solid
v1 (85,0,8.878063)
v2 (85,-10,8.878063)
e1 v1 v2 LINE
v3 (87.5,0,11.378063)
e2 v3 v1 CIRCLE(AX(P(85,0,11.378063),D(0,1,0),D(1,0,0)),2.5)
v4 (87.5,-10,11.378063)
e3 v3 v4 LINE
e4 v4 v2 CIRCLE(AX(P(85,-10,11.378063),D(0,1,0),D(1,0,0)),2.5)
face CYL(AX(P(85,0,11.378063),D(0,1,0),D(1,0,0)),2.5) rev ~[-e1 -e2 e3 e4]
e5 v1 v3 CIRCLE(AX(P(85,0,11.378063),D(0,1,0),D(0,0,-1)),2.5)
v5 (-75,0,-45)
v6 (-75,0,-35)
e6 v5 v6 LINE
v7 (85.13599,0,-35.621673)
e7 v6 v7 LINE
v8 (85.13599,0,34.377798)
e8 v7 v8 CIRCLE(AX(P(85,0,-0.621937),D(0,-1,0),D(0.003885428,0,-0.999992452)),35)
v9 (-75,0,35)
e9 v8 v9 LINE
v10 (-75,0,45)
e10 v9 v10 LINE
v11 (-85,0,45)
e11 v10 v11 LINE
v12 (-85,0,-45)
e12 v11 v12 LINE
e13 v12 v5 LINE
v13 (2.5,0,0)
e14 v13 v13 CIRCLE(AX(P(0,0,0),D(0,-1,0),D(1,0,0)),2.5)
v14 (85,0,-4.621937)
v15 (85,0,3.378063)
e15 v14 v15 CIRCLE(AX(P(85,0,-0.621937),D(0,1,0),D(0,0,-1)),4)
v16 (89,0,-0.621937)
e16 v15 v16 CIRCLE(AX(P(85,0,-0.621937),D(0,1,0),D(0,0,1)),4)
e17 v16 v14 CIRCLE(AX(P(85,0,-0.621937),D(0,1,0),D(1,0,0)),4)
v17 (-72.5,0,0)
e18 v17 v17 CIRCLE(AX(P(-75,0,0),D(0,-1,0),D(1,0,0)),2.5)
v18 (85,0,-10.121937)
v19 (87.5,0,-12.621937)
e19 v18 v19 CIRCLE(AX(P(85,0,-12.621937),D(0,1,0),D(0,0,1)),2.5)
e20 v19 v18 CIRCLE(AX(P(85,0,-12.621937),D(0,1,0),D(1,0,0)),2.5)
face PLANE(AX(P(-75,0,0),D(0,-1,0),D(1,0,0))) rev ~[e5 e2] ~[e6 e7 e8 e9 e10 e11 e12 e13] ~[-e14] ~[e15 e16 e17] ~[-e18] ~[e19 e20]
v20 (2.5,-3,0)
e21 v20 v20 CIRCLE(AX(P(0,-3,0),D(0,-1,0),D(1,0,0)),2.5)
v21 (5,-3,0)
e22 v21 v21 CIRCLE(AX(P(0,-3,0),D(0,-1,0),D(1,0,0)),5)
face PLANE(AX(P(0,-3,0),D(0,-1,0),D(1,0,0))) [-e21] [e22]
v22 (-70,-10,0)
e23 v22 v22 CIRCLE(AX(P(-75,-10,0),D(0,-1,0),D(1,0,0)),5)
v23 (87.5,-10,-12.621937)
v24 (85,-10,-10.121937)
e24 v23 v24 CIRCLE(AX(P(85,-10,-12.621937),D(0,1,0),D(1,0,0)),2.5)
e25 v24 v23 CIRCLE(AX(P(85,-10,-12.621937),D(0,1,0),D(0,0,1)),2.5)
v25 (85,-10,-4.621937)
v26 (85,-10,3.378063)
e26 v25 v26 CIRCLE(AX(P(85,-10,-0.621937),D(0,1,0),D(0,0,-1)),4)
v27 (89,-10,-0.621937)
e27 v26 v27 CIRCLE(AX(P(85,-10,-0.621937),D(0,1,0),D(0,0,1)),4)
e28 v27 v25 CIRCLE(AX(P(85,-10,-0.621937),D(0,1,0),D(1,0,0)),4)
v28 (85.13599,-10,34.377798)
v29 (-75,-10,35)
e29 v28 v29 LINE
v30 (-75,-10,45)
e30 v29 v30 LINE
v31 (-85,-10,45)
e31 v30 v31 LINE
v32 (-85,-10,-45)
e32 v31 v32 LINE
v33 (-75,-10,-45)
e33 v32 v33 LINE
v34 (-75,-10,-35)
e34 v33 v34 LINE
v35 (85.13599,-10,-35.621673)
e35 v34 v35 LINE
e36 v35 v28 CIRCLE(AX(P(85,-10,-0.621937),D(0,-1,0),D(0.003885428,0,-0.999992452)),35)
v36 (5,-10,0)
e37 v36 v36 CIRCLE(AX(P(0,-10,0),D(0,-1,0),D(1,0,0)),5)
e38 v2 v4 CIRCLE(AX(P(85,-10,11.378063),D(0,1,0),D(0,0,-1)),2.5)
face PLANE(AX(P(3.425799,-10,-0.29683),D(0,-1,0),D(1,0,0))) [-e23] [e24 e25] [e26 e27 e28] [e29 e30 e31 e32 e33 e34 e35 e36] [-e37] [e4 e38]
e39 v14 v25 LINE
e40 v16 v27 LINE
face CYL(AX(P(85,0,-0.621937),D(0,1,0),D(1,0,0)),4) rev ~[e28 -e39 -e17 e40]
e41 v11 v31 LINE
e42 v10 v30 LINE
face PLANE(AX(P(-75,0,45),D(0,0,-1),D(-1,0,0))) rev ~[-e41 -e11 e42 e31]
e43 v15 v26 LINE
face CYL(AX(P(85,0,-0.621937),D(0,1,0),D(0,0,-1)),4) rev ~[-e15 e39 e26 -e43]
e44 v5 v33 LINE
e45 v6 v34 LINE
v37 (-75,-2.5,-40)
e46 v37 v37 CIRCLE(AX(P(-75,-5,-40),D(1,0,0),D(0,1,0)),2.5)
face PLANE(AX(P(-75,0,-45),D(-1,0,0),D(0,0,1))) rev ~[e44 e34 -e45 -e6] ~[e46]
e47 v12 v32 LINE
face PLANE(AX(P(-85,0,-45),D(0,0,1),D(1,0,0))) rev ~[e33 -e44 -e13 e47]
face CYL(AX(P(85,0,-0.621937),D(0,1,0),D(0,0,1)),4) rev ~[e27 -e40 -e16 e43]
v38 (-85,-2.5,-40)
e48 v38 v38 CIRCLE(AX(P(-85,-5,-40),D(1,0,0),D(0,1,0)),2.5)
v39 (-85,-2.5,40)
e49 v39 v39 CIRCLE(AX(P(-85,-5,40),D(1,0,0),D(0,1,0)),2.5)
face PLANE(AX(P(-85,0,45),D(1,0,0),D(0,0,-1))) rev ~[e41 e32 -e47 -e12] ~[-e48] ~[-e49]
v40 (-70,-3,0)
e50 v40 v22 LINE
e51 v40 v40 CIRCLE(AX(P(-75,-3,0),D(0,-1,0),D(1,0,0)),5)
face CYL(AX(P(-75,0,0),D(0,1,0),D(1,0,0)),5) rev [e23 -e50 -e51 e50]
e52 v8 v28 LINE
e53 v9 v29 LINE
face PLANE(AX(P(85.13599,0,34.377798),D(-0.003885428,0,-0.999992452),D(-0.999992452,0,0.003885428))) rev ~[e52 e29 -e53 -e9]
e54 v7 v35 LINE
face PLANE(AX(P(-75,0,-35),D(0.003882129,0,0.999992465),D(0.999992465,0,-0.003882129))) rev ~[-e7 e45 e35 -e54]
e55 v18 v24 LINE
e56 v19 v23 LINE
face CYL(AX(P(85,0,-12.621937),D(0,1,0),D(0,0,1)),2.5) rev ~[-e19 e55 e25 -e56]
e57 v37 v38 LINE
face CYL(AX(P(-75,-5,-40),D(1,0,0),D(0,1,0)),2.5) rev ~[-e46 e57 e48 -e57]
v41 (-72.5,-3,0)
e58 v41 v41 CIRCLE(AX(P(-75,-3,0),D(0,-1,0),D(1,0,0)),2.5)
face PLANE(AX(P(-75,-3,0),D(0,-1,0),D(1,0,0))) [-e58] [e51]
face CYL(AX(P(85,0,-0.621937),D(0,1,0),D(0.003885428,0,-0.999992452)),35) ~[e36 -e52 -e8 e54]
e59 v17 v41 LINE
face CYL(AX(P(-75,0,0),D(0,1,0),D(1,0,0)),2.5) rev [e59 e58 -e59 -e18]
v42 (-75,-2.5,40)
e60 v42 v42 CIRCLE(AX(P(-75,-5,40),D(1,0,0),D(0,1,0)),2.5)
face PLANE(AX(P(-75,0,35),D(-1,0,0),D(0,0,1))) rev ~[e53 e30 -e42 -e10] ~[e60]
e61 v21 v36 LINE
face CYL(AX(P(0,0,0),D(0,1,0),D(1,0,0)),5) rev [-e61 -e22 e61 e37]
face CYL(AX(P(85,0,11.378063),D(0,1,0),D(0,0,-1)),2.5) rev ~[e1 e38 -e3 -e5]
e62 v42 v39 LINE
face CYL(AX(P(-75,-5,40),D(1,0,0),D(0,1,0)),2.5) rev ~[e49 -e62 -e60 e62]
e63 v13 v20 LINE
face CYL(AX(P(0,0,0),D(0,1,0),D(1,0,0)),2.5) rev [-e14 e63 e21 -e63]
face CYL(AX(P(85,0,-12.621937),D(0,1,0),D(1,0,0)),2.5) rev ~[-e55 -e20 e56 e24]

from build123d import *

# Parameters (mm, degrees)
F0_R     = 5
F1_DEPTH = 10
F2_R     = 2.5
F3_DEPTH = 25
F4_R     = 2.5
F5_DEPTH = 25
F0_R_2   = 2.5
F6_DEPTH = 3


with BuildPart() as f1:
    # F0 (on Front) → F1 (new body)
    with BuildSketch(Plane.XZ):
        with BuildLine():
            Line((-75, 45), (-85, 45))
            Line((-85, 45), (-85, -45))
            Line((-85, -45), (-75, -45))
            Line((-75, -45), (-75, -35))
            Line((-75, -35), (85.1359899874, -35.6216732085))
            ThreePointArc((85.1359899874, -35.6216732085), (120, -0.6219373992), (85.1359899874, 34.3777984101))
            Line((85.1359899874, 34.3777984101), (-75, 35))
            Line((-75, 35), (-75, 45))
        make_face()
        with BuildLine():
            ThreePointArc((87.5, -12.6219373992), (83.232233047, -14.3897043522), (85, -10.1219373992))
            ThreePointArc((85, -10.1219373992), (86.767766953, -10.8541704462), (87.5, -12.6219373992))
        make_face(mode=Mode.SUBTRACT)
        with BuildLine():
            ThreePointArc((85, 3.3780626008), (87.8284271247, 2.2064897255), (89, -0.6219373992))
            ThreePointArc((89, -0.6219373992), (87.8284271247, -3.450364524), (85, -4.6219373992))
            ThreePointArc((85, -4.6219373992), (81, -0.6219373992), (85, 3.3780626008))
        make_face(mode=Mode.SUBTRACT)
        with Locations((-75, 0)):
            Circle(F0_R, mode=Mode.SUBTRACT)
        Circle(F0_R, mode=Mode.SUBTRACT)
        with BuildLine():
            ThreePointArc((87.5, 11.3780626008), (86.767766953, 9.6102956478), (85, 8.8780626008))
            ThreePointArc((85, 8.8780626008), (83.232233047, 13.1458295538), (87.5, 11.3780626008))
        make_face(mode=Mode.SUBTRACT)
    extrude(amount=F1_DEPTH)

    # F2 (on face) → F3 (cut)
    with BuildSketch(Plane.YZ.offset(-75)):
        with Locations((-5, 40)):
            Circle(F2_R)
    extrude(amount=-F3_DEPTH, mode=Mode.SUBTRACT)

    # F4 (on face) → F5 (cut)
    with BuildSketch(Plane.YZ.offset(-75)):
        with Locations((-5, -40)):
            Circle(F4_R)
    extrude(amount=-F5_DEPTH, mode=Mode.SUBTRACT)

    # F0 (on Front) → F6 (join)
    with BuildSketch(Plane.XZ):
        with Locations((-75, 0)):
            Circle(F0_R)
        with Locations((-75, 0)):
            Circle(F0_R_2, mode=Mode.SUBTRACT)
        Circle(F0_R)
        Circle(F0_R_2, mode=Mode.SUBTRACT)
    extrude(amount=F6_DEPTH)


solid = f1.part
